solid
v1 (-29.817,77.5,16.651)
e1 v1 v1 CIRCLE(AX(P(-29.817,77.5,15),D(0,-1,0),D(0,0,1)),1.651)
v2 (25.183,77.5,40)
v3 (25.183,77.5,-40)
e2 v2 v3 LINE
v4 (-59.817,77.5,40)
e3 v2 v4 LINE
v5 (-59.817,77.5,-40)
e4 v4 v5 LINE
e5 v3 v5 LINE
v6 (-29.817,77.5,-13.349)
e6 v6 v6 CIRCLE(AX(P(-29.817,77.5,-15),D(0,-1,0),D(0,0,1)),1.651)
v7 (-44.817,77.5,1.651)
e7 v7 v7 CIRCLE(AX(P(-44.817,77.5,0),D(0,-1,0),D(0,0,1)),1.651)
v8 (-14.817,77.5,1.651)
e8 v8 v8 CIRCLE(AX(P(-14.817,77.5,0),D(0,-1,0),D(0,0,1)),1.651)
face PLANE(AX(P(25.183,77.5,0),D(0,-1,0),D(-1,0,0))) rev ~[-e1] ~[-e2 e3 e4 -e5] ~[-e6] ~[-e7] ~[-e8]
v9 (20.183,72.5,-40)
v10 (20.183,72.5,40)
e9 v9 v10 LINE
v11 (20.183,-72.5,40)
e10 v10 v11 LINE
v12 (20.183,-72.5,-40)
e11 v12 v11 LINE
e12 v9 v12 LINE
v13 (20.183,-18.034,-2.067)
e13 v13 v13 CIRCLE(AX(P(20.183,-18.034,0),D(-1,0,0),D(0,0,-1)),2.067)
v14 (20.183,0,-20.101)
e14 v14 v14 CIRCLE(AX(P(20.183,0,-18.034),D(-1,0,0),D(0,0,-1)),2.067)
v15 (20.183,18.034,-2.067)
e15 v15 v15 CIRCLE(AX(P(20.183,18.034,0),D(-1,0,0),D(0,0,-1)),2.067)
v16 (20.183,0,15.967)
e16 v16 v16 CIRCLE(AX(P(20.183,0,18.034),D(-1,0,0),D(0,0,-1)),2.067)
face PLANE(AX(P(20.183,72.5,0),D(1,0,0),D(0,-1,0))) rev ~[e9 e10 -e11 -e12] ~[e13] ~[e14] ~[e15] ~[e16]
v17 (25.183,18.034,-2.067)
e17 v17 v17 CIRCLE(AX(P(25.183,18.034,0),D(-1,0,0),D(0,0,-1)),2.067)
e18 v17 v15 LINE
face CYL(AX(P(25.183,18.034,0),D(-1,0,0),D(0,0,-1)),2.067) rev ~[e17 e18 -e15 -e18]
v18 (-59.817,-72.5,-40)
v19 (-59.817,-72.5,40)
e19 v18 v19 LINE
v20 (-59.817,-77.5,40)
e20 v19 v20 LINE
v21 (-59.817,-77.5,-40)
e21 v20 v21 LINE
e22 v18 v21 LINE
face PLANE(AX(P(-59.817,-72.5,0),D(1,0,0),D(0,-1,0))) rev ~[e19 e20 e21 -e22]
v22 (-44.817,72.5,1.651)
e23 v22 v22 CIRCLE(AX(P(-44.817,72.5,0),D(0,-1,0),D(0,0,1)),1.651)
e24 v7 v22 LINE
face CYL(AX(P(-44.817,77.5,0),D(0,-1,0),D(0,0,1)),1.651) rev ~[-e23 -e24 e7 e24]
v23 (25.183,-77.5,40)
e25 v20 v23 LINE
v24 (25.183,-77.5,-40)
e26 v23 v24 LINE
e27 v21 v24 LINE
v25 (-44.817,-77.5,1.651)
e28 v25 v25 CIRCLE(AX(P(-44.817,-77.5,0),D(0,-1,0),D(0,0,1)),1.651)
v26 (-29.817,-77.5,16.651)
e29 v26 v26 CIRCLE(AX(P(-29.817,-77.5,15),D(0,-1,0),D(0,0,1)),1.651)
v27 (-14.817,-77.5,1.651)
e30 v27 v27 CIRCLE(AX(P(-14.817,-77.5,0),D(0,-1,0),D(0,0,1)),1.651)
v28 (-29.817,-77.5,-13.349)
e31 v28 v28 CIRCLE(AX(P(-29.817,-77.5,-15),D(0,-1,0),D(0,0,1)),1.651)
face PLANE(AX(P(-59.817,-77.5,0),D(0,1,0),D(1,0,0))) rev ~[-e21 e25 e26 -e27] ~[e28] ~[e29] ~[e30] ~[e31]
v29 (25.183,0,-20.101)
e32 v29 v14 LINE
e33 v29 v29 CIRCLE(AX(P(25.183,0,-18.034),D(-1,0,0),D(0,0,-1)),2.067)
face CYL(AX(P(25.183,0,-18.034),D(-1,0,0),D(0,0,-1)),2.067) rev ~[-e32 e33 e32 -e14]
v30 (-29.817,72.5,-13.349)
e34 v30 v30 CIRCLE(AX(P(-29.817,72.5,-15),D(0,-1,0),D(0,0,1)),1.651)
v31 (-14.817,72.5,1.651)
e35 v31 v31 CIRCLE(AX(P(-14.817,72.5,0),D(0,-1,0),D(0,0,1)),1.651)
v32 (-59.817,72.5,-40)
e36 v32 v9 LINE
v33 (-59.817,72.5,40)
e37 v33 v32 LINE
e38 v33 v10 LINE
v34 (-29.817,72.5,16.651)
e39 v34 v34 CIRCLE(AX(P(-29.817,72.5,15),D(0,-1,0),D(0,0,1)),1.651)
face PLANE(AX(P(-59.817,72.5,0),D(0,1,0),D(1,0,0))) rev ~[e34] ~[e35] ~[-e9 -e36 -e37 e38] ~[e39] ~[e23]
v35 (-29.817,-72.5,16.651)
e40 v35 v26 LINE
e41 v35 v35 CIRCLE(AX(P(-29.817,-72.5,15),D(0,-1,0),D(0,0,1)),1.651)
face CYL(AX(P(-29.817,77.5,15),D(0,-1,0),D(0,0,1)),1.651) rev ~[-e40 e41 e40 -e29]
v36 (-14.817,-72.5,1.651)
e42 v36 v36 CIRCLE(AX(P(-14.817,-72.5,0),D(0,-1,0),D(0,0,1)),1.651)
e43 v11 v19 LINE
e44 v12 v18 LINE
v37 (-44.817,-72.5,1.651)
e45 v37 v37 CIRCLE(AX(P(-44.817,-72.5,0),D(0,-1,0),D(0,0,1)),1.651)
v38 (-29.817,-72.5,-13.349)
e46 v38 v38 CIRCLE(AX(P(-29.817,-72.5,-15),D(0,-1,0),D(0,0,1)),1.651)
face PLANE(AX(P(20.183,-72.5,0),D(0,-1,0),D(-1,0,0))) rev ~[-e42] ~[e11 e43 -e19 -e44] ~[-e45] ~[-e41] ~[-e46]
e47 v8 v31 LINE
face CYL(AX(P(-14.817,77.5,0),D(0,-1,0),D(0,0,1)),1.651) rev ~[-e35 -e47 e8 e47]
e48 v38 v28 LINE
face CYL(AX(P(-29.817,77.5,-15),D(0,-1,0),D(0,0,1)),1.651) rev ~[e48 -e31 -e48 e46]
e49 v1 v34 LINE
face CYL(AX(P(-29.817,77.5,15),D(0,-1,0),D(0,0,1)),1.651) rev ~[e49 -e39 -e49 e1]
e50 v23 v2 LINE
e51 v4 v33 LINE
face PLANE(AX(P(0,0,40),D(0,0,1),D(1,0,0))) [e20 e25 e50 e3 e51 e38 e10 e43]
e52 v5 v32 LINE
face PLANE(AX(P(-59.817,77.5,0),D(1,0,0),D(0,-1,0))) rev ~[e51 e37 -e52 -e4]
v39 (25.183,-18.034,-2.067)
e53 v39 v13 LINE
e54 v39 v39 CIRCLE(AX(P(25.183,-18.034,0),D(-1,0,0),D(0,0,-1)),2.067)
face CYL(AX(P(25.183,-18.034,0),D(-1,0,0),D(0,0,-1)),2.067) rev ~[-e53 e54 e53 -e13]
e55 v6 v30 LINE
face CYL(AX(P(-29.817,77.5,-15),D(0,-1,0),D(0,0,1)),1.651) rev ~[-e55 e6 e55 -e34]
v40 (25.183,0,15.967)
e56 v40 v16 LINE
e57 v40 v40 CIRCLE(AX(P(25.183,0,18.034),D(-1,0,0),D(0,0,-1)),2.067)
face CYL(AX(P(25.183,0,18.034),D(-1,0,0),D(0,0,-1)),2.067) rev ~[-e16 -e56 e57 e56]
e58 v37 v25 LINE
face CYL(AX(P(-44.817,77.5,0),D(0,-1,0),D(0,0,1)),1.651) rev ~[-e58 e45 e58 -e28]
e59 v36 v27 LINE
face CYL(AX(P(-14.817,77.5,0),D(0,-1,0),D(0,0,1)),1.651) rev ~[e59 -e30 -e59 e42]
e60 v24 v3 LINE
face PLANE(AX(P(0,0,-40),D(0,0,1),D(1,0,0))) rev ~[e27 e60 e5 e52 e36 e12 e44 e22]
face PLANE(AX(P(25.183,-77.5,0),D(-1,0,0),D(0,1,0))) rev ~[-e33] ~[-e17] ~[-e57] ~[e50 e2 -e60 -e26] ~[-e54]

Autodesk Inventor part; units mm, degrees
ref_plane "YZ Plane" through (0, 0, 0) normal (1, 0, 0) x (0, 1, 0)
ref_plane "XZ Plane" through (0, 0, 0) normal (0, 1, 0) x (-1, 0, 0)
ref_plane "XY Plane" through (0, 0, 0) normal (0, 0, 1) x (1, 0, 0)
sketch "Sketch1" plane through (0, 0, 0) normal (0, 0, 1) x (1, 0, 0)
  line L0 (20.183, 72.5) -> (20.183, -72.5)
  line L1 (20.183, 72.5) -> (165.183, 72.5) construction
  line L2 (20.183, -72.5) -> (-59.817, -72.5)
  line L3 (-59.817, -72.5) -> (-59.817, -77.5)
  line L4 (-59.817, -72.5) -> (-54.817, -72.5) construction
  line L5 (-59.817, -77.5) -> (25.183, -77.5)
  line L6 (25.183, -77.5) -> (25.183, 77.5)
  line L7 (25.183, 77.5) -> (-59.817, 77.5)
  line L8 (-59.817, 77.5) -> (-59.817, 72.5)
  line L9 (-59.817, 72.5) -> (20.183, 72.5)
  point P0 (0, 0)
  dimension "d0" = 145
  dimension "d1" = 90
  dimension "d2" = 80
  dimension "d3" = 90
  dimension "d4" = 5
  dimension "d5" = 90
  dimension "d6" = 85
  dimension "d7" = 90
  dimension "d8" = 155
  dimension "d9" = 90
  dimension "d10" = 85
  dimension "d11" = 90
  dimension "d12" = 5
  dimension "d13" = 90
  dimension "d45" = 72.5
extrude "Extrusion1" add sketch "Sketch1" along normal mid plane 80
sketch "Sketch2" plane through (25.183, -77.5, 40) normal (1, 0, 0) x (0, 0, -1)
  line L0 (0, 0) -> (0, 155) projected
  line L1 (0, 150) -> (0, 5) projected
  line L2 (0, 77.5) -> (80, 77.5) construction
  line L3 (80, 5) -> (80, 150) projected
  line L4 (80, 0) -> (0, 0) projected
  line L5 (40, 37.5) -> (40, 117.5) construction
  line L6 (80, 77.5) -> (0, 77.5) construction
  line L7 (40, 117.5) -> (40, 37.5) construction
  point P0 (40, 77.5)
  point P1 (40, 95.534)
  point P2 (40, 77.5)
  point P3 (40, 77.5)
  point P4 (21.966, 77.5)
  point P5 (40, 77.5)
  point P6 (40, 59.466)
  point P7 (40, 77.5)
  point P8 (58.034, 77.5)
  dimension "d16" = 40
  dimension "d17" = 77.5
  dimension "d18" = 18.034
  dimension "d21" = 360
hole "Hole1" at (25.183, 18.034, 0) at (25.183, 0, 18.034) at (25.183, -18.034, 0) at (25.183, 0, -18.034) direction (-1, 0, 0) diameter 4.134 end through all thread size "M5x0.8" class "6H" standard "ANSI Metric M Profile"
sketch "Sketch3" plane through (-59.817, 77.5, 40) normal (0, 1, 0) x (1, 0, 0)
  line L0 (60, 80) -> (0, 80)
  line L1 (30, 80) -> (30, 0) construction
  line L2 (60, 0) -> (0, 0)
  line L3 (30, 80) -> (120, 80) construction
  line L4 (85, 80) -> (85, 0) projected
  line L5 (85, 0) -> (0, 0) projected
  line L6 (0, 80) -> (85, 80) projected
  point P0 (59.817, 40)
  point P1 (15, 40)
  point P2 (30, 40)
  point P3 (30, 25)
  point P4 (45, 40)
  point P5 (30, 55)
  dimension "d30" = 90
  dimension "d31" = 55
  dimension "d32" = 40
  dimension "d33" = 15
  dimension "d36" = 360
hole "Hole2" at (-14.817, 77.5, 0) at (-29.817, 77.5, 15) at (-44.817, 77.5, 0) at (-29.817, 77.5, -15) direction (0, -1, 0) diameter 3.302 end through all thread size "8-32 UNC" class "2B" standard "ANSI Unified Screw Threads"
properties part number "sidebracket"
